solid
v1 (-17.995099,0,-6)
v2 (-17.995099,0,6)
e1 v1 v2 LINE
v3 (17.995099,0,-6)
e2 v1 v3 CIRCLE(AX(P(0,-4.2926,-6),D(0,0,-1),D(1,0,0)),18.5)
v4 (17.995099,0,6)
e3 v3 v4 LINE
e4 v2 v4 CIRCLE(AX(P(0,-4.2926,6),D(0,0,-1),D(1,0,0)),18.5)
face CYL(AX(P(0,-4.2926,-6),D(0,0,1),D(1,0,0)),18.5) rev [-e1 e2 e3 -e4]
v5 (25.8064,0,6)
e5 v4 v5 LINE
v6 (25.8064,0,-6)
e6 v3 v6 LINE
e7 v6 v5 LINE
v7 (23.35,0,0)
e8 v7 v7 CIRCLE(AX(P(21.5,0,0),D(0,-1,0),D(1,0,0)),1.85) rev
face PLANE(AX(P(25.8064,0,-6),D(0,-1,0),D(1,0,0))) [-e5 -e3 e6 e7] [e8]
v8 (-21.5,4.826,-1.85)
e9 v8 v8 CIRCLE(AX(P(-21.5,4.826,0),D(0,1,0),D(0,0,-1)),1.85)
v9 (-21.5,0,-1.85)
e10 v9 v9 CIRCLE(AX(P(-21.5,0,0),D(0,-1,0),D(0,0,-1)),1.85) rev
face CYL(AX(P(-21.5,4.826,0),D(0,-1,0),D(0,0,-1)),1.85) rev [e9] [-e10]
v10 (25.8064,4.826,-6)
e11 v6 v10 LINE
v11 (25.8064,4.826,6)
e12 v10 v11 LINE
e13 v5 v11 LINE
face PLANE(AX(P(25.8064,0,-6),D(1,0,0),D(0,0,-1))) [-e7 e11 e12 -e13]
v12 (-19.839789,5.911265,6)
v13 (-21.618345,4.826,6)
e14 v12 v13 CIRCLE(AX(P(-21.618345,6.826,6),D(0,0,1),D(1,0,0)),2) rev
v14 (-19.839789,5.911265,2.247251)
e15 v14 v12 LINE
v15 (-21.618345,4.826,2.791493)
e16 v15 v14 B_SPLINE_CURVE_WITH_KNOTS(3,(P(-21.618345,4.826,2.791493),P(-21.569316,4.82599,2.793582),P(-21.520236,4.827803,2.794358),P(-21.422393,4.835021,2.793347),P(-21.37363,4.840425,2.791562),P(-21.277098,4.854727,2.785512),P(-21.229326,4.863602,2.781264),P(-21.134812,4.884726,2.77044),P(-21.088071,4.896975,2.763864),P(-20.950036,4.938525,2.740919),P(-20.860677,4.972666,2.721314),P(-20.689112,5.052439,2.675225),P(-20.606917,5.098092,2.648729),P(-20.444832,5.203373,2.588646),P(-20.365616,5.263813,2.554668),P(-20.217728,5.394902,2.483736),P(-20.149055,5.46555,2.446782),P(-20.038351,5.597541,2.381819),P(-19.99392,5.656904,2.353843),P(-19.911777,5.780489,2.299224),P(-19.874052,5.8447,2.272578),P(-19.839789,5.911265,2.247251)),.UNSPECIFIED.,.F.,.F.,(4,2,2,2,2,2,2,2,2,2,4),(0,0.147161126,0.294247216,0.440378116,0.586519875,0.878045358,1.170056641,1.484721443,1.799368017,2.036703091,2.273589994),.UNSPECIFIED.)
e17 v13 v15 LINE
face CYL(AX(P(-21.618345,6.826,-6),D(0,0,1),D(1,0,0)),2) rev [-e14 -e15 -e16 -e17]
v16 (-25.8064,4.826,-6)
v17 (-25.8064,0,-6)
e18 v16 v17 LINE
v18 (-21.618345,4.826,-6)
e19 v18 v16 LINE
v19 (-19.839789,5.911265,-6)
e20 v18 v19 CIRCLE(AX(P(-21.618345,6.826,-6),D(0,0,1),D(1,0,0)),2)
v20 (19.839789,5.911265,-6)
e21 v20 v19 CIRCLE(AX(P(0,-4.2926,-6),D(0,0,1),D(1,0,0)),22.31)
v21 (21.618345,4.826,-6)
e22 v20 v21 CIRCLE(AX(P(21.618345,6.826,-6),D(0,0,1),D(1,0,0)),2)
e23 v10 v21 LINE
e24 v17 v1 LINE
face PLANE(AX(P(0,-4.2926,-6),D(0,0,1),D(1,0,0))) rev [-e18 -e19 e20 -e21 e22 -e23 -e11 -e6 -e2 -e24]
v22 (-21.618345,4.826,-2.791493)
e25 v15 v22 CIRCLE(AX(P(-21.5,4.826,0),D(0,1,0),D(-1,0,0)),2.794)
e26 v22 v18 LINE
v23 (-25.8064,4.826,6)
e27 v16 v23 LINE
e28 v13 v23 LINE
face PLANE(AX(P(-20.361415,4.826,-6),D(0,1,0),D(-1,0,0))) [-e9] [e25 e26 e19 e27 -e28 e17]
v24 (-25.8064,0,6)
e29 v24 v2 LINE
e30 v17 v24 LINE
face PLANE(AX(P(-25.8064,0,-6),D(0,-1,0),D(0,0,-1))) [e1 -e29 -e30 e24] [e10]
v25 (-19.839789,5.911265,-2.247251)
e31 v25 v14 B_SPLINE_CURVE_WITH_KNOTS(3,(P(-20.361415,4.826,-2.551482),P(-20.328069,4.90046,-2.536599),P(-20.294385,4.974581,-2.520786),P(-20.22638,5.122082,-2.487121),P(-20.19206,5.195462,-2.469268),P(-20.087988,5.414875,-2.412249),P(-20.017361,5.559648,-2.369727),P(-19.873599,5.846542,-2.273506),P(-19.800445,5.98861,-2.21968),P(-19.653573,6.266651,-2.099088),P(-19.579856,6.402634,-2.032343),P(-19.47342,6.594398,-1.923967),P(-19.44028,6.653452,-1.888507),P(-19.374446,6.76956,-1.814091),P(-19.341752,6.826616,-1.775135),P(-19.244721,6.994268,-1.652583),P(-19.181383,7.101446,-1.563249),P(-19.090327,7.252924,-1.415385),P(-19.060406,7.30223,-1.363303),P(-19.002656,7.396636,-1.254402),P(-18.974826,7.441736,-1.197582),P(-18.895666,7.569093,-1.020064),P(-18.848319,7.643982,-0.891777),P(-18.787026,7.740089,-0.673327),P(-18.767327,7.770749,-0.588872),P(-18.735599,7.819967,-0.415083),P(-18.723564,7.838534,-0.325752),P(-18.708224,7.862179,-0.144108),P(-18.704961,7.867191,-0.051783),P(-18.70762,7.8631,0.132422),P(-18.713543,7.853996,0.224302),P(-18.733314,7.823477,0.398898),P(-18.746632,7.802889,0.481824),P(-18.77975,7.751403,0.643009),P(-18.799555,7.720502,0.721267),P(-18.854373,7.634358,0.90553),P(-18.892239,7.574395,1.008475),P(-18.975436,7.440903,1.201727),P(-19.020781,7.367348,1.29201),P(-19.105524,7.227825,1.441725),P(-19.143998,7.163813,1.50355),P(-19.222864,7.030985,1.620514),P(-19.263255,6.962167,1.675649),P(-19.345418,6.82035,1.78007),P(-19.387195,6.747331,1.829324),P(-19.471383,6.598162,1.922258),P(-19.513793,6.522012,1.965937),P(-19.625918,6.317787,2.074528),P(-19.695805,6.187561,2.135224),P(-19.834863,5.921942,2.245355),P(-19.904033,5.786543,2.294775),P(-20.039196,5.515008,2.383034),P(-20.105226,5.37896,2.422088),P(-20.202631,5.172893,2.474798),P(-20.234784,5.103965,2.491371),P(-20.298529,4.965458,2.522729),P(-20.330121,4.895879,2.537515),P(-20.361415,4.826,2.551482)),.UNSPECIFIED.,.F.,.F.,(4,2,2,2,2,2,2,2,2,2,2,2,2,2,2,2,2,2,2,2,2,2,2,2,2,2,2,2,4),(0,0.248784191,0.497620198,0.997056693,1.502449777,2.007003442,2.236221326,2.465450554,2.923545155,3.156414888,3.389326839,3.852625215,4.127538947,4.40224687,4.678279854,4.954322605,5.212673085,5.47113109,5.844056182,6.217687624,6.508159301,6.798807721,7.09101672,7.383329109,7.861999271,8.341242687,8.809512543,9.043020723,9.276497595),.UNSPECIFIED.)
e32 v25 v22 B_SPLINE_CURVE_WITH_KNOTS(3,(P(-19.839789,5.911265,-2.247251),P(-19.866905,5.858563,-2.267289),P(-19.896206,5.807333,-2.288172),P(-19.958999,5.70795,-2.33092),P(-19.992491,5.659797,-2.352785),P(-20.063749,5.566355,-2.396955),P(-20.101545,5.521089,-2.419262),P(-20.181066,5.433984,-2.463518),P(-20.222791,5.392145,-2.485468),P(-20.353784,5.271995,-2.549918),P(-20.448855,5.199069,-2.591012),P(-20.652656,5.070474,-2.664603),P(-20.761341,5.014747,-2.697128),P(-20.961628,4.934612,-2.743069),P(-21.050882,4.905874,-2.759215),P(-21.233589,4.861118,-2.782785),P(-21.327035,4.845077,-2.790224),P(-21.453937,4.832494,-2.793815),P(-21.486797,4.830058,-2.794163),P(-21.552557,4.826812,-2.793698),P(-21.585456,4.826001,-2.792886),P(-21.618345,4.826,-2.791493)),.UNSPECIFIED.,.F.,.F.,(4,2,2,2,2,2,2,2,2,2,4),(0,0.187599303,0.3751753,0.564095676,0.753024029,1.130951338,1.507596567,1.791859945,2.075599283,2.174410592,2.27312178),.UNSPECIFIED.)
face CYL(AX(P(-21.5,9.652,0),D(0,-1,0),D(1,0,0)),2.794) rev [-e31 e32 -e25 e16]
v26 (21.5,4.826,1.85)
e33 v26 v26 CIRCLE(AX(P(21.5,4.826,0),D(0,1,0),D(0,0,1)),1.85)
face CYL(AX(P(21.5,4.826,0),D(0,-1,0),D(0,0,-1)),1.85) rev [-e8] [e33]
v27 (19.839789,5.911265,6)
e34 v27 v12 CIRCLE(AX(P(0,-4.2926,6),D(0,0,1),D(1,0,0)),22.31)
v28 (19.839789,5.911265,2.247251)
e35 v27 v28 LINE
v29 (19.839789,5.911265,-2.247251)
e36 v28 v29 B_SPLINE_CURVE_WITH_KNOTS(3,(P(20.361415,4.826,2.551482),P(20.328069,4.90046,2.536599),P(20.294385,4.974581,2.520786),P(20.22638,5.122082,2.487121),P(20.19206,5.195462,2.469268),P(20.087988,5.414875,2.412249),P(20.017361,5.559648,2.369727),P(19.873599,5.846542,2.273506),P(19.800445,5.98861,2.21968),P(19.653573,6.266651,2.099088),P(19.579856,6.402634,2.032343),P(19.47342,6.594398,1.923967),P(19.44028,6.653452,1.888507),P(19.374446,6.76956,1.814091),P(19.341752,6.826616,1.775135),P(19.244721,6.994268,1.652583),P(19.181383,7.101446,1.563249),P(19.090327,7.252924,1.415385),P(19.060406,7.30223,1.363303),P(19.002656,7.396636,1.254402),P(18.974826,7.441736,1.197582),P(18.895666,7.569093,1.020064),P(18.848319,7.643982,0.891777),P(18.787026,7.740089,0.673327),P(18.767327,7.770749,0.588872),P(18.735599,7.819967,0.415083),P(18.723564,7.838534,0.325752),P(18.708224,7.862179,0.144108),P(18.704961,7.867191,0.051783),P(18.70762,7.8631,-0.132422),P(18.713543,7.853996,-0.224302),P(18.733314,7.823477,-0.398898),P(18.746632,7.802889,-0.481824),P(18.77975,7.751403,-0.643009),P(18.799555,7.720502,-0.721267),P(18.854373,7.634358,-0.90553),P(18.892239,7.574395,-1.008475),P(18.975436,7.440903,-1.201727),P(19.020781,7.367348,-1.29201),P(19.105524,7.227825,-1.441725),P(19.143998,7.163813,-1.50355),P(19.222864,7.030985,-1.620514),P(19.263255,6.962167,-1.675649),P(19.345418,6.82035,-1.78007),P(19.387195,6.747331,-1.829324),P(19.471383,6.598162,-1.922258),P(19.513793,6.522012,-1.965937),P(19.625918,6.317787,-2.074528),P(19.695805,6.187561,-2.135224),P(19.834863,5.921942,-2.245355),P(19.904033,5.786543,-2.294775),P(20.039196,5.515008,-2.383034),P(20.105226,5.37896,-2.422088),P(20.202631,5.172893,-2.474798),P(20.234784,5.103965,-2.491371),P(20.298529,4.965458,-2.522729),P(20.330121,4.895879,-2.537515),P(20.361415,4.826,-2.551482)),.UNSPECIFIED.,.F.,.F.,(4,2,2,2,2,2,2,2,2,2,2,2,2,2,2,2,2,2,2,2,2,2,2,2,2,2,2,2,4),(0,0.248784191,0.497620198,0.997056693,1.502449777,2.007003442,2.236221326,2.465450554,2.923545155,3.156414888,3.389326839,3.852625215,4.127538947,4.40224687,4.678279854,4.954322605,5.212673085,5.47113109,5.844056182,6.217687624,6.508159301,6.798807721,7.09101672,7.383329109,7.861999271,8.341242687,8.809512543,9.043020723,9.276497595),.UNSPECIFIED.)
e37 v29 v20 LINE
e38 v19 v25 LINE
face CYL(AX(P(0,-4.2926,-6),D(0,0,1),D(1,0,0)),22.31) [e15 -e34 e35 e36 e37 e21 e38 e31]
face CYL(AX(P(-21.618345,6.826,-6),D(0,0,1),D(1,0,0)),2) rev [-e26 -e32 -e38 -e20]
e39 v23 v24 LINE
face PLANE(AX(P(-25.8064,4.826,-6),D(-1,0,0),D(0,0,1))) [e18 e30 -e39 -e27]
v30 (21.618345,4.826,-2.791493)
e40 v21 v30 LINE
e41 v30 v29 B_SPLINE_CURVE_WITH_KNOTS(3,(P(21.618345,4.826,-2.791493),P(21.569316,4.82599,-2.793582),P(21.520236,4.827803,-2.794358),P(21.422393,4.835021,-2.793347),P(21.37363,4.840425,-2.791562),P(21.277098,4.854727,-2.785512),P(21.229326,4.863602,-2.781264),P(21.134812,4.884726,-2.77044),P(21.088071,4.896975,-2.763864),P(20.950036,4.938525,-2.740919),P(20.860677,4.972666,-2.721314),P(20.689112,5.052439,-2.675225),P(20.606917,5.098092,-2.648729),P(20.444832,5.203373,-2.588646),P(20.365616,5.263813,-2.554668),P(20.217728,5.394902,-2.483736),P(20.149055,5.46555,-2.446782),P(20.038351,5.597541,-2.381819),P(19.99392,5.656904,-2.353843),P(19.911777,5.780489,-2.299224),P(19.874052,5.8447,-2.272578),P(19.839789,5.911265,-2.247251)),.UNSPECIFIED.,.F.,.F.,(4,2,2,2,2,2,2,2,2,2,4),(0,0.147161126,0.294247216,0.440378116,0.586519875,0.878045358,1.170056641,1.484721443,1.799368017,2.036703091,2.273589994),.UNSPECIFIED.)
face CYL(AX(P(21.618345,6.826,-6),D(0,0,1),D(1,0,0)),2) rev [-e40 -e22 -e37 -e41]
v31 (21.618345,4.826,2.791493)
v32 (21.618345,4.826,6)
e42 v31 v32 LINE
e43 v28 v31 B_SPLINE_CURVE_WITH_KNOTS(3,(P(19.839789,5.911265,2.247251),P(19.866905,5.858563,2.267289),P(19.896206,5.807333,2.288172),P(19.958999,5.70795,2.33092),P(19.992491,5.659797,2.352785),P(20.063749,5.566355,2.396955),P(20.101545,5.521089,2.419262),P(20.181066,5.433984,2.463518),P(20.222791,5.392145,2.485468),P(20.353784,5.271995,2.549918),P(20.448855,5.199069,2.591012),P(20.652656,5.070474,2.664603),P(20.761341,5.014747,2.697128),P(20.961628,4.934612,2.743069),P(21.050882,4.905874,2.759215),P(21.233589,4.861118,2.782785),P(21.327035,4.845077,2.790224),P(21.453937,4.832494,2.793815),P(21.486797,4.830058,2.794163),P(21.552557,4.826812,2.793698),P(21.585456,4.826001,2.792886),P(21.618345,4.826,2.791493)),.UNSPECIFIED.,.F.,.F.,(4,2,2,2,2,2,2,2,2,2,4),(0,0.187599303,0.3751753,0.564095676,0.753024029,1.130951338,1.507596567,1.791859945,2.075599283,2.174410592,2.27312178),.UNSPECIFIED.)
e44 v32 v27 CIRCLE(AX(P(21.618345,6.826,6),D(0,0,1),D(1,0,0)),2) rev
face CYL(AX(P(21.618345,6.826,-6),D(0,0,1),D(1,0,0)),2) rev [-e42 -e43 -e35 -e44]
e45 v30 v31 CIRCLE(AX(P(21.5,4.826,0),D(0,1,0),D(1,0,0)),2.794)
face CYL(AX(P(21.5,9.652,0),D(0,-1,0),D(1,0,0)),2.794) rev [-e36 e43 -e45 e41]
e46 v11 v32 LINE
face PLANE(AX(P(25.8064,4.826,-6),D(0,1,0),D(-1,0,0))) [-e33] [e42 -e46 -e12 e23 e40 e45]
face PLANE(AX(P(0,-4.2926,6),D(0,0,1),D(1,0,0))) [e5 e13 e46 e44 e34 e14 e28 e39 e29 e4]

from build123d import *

# Parameters (mm, degrees)
BOSS_EXTRUDE1_DEPTH      = 6
BOSS_EXTRUDE1_DEPTH_BACK = 6
FILLET1_R                = 2
CUT_EXTRUDE2_DEPTH       = 4.826
CUT_EXTRUDE2_DEPTH_BACK  = 4.826
SKETCH3_R                = 1.85
SKETCH4_R                = 2.794
CUT_EXTRUDE3_DEPTH       = 4.826


with BuildPart() as part:
    # Sketch1 → Boss-Extrude1 (new, two sides: drawn at the far end of the back side and taken through both)
    with BuildSketch(Plane.XY.offset(-BOSS_EXTRUDE1_DEPTH_BACK)):
        with BuildLine():
            Line((25.8064, 0), (25.8064, 4.826))
            Line((25.8064, 4.826), (20.361415325, 4.826))
            ThreePointArc((20.361415325, 4.826), (0, 18.0174), (-20.361415325, 4.826))
            Line((-20.361415325, 4.826), (-25.8064, 4.826))
            Line((-25.8064, 4.826), (-25.8064, 0))
            Line((-25.8064, 0), (-17.995098923, 0))
            ThreePointArc((-17.995098923, 0), (0, 14.2074), (17.995098923, 0))
            Line((17.995098923, 0), (25.8064, 0))
        make_face()
    extrude(amount=BOSS_EXTRUDE1_DEPTH + BOSS_EXTRUDE1_DEPTH_BACK)

    # Fillet1
    fillet1_edges = [part.edges().sort_by_distance(p)[0] for p in [
        (20.361415325, 4.826, 0),
        (-20.361415325, 4.826, 0),
    ]]
    fillet(fillet1_edges, radius=FILLET1_R)

    # Sketch3 → Cut-Extrude2 (cut, two sides: drawn at the far end of the back side and taken through both)
    with BuildSketch(Plane(origin=(0, 0, 0), x_dir=(1, 0, 0), z_dir=(0, 1, 0)).offset(-CUT_EXTRUDE2_DEPTH_BACK)):
        with Locations((21.5, 0)):
            Circle(SKETCH3_R)
        with Locations((-21.5, 0)):
            Circle(SKETCH3_R)
    extrude(amount=CUT_EXTRUDE2_DEPTH + CUT_EXTRUDE2_DEPTH_BACK, mode=Mode.SUBTRACT)

    # Sketch4 → Cut-Extrude3 (cut)
    with BuildSketch(Plane(origin=(0, 4.826, 0), x_dir=(1, 0, 0), z_dir=(0, 1, 0))):
        with Locations((-21.5, 0)):
            Circle(SKETCH4_R)
        with Locations((21.5, 0)):
            Circle(SKETCH4_R)
    extrude(amount=CUT_EXTRUDE3_DEPTH, mode=Mode.SUBTRACT)


solid = part.part
